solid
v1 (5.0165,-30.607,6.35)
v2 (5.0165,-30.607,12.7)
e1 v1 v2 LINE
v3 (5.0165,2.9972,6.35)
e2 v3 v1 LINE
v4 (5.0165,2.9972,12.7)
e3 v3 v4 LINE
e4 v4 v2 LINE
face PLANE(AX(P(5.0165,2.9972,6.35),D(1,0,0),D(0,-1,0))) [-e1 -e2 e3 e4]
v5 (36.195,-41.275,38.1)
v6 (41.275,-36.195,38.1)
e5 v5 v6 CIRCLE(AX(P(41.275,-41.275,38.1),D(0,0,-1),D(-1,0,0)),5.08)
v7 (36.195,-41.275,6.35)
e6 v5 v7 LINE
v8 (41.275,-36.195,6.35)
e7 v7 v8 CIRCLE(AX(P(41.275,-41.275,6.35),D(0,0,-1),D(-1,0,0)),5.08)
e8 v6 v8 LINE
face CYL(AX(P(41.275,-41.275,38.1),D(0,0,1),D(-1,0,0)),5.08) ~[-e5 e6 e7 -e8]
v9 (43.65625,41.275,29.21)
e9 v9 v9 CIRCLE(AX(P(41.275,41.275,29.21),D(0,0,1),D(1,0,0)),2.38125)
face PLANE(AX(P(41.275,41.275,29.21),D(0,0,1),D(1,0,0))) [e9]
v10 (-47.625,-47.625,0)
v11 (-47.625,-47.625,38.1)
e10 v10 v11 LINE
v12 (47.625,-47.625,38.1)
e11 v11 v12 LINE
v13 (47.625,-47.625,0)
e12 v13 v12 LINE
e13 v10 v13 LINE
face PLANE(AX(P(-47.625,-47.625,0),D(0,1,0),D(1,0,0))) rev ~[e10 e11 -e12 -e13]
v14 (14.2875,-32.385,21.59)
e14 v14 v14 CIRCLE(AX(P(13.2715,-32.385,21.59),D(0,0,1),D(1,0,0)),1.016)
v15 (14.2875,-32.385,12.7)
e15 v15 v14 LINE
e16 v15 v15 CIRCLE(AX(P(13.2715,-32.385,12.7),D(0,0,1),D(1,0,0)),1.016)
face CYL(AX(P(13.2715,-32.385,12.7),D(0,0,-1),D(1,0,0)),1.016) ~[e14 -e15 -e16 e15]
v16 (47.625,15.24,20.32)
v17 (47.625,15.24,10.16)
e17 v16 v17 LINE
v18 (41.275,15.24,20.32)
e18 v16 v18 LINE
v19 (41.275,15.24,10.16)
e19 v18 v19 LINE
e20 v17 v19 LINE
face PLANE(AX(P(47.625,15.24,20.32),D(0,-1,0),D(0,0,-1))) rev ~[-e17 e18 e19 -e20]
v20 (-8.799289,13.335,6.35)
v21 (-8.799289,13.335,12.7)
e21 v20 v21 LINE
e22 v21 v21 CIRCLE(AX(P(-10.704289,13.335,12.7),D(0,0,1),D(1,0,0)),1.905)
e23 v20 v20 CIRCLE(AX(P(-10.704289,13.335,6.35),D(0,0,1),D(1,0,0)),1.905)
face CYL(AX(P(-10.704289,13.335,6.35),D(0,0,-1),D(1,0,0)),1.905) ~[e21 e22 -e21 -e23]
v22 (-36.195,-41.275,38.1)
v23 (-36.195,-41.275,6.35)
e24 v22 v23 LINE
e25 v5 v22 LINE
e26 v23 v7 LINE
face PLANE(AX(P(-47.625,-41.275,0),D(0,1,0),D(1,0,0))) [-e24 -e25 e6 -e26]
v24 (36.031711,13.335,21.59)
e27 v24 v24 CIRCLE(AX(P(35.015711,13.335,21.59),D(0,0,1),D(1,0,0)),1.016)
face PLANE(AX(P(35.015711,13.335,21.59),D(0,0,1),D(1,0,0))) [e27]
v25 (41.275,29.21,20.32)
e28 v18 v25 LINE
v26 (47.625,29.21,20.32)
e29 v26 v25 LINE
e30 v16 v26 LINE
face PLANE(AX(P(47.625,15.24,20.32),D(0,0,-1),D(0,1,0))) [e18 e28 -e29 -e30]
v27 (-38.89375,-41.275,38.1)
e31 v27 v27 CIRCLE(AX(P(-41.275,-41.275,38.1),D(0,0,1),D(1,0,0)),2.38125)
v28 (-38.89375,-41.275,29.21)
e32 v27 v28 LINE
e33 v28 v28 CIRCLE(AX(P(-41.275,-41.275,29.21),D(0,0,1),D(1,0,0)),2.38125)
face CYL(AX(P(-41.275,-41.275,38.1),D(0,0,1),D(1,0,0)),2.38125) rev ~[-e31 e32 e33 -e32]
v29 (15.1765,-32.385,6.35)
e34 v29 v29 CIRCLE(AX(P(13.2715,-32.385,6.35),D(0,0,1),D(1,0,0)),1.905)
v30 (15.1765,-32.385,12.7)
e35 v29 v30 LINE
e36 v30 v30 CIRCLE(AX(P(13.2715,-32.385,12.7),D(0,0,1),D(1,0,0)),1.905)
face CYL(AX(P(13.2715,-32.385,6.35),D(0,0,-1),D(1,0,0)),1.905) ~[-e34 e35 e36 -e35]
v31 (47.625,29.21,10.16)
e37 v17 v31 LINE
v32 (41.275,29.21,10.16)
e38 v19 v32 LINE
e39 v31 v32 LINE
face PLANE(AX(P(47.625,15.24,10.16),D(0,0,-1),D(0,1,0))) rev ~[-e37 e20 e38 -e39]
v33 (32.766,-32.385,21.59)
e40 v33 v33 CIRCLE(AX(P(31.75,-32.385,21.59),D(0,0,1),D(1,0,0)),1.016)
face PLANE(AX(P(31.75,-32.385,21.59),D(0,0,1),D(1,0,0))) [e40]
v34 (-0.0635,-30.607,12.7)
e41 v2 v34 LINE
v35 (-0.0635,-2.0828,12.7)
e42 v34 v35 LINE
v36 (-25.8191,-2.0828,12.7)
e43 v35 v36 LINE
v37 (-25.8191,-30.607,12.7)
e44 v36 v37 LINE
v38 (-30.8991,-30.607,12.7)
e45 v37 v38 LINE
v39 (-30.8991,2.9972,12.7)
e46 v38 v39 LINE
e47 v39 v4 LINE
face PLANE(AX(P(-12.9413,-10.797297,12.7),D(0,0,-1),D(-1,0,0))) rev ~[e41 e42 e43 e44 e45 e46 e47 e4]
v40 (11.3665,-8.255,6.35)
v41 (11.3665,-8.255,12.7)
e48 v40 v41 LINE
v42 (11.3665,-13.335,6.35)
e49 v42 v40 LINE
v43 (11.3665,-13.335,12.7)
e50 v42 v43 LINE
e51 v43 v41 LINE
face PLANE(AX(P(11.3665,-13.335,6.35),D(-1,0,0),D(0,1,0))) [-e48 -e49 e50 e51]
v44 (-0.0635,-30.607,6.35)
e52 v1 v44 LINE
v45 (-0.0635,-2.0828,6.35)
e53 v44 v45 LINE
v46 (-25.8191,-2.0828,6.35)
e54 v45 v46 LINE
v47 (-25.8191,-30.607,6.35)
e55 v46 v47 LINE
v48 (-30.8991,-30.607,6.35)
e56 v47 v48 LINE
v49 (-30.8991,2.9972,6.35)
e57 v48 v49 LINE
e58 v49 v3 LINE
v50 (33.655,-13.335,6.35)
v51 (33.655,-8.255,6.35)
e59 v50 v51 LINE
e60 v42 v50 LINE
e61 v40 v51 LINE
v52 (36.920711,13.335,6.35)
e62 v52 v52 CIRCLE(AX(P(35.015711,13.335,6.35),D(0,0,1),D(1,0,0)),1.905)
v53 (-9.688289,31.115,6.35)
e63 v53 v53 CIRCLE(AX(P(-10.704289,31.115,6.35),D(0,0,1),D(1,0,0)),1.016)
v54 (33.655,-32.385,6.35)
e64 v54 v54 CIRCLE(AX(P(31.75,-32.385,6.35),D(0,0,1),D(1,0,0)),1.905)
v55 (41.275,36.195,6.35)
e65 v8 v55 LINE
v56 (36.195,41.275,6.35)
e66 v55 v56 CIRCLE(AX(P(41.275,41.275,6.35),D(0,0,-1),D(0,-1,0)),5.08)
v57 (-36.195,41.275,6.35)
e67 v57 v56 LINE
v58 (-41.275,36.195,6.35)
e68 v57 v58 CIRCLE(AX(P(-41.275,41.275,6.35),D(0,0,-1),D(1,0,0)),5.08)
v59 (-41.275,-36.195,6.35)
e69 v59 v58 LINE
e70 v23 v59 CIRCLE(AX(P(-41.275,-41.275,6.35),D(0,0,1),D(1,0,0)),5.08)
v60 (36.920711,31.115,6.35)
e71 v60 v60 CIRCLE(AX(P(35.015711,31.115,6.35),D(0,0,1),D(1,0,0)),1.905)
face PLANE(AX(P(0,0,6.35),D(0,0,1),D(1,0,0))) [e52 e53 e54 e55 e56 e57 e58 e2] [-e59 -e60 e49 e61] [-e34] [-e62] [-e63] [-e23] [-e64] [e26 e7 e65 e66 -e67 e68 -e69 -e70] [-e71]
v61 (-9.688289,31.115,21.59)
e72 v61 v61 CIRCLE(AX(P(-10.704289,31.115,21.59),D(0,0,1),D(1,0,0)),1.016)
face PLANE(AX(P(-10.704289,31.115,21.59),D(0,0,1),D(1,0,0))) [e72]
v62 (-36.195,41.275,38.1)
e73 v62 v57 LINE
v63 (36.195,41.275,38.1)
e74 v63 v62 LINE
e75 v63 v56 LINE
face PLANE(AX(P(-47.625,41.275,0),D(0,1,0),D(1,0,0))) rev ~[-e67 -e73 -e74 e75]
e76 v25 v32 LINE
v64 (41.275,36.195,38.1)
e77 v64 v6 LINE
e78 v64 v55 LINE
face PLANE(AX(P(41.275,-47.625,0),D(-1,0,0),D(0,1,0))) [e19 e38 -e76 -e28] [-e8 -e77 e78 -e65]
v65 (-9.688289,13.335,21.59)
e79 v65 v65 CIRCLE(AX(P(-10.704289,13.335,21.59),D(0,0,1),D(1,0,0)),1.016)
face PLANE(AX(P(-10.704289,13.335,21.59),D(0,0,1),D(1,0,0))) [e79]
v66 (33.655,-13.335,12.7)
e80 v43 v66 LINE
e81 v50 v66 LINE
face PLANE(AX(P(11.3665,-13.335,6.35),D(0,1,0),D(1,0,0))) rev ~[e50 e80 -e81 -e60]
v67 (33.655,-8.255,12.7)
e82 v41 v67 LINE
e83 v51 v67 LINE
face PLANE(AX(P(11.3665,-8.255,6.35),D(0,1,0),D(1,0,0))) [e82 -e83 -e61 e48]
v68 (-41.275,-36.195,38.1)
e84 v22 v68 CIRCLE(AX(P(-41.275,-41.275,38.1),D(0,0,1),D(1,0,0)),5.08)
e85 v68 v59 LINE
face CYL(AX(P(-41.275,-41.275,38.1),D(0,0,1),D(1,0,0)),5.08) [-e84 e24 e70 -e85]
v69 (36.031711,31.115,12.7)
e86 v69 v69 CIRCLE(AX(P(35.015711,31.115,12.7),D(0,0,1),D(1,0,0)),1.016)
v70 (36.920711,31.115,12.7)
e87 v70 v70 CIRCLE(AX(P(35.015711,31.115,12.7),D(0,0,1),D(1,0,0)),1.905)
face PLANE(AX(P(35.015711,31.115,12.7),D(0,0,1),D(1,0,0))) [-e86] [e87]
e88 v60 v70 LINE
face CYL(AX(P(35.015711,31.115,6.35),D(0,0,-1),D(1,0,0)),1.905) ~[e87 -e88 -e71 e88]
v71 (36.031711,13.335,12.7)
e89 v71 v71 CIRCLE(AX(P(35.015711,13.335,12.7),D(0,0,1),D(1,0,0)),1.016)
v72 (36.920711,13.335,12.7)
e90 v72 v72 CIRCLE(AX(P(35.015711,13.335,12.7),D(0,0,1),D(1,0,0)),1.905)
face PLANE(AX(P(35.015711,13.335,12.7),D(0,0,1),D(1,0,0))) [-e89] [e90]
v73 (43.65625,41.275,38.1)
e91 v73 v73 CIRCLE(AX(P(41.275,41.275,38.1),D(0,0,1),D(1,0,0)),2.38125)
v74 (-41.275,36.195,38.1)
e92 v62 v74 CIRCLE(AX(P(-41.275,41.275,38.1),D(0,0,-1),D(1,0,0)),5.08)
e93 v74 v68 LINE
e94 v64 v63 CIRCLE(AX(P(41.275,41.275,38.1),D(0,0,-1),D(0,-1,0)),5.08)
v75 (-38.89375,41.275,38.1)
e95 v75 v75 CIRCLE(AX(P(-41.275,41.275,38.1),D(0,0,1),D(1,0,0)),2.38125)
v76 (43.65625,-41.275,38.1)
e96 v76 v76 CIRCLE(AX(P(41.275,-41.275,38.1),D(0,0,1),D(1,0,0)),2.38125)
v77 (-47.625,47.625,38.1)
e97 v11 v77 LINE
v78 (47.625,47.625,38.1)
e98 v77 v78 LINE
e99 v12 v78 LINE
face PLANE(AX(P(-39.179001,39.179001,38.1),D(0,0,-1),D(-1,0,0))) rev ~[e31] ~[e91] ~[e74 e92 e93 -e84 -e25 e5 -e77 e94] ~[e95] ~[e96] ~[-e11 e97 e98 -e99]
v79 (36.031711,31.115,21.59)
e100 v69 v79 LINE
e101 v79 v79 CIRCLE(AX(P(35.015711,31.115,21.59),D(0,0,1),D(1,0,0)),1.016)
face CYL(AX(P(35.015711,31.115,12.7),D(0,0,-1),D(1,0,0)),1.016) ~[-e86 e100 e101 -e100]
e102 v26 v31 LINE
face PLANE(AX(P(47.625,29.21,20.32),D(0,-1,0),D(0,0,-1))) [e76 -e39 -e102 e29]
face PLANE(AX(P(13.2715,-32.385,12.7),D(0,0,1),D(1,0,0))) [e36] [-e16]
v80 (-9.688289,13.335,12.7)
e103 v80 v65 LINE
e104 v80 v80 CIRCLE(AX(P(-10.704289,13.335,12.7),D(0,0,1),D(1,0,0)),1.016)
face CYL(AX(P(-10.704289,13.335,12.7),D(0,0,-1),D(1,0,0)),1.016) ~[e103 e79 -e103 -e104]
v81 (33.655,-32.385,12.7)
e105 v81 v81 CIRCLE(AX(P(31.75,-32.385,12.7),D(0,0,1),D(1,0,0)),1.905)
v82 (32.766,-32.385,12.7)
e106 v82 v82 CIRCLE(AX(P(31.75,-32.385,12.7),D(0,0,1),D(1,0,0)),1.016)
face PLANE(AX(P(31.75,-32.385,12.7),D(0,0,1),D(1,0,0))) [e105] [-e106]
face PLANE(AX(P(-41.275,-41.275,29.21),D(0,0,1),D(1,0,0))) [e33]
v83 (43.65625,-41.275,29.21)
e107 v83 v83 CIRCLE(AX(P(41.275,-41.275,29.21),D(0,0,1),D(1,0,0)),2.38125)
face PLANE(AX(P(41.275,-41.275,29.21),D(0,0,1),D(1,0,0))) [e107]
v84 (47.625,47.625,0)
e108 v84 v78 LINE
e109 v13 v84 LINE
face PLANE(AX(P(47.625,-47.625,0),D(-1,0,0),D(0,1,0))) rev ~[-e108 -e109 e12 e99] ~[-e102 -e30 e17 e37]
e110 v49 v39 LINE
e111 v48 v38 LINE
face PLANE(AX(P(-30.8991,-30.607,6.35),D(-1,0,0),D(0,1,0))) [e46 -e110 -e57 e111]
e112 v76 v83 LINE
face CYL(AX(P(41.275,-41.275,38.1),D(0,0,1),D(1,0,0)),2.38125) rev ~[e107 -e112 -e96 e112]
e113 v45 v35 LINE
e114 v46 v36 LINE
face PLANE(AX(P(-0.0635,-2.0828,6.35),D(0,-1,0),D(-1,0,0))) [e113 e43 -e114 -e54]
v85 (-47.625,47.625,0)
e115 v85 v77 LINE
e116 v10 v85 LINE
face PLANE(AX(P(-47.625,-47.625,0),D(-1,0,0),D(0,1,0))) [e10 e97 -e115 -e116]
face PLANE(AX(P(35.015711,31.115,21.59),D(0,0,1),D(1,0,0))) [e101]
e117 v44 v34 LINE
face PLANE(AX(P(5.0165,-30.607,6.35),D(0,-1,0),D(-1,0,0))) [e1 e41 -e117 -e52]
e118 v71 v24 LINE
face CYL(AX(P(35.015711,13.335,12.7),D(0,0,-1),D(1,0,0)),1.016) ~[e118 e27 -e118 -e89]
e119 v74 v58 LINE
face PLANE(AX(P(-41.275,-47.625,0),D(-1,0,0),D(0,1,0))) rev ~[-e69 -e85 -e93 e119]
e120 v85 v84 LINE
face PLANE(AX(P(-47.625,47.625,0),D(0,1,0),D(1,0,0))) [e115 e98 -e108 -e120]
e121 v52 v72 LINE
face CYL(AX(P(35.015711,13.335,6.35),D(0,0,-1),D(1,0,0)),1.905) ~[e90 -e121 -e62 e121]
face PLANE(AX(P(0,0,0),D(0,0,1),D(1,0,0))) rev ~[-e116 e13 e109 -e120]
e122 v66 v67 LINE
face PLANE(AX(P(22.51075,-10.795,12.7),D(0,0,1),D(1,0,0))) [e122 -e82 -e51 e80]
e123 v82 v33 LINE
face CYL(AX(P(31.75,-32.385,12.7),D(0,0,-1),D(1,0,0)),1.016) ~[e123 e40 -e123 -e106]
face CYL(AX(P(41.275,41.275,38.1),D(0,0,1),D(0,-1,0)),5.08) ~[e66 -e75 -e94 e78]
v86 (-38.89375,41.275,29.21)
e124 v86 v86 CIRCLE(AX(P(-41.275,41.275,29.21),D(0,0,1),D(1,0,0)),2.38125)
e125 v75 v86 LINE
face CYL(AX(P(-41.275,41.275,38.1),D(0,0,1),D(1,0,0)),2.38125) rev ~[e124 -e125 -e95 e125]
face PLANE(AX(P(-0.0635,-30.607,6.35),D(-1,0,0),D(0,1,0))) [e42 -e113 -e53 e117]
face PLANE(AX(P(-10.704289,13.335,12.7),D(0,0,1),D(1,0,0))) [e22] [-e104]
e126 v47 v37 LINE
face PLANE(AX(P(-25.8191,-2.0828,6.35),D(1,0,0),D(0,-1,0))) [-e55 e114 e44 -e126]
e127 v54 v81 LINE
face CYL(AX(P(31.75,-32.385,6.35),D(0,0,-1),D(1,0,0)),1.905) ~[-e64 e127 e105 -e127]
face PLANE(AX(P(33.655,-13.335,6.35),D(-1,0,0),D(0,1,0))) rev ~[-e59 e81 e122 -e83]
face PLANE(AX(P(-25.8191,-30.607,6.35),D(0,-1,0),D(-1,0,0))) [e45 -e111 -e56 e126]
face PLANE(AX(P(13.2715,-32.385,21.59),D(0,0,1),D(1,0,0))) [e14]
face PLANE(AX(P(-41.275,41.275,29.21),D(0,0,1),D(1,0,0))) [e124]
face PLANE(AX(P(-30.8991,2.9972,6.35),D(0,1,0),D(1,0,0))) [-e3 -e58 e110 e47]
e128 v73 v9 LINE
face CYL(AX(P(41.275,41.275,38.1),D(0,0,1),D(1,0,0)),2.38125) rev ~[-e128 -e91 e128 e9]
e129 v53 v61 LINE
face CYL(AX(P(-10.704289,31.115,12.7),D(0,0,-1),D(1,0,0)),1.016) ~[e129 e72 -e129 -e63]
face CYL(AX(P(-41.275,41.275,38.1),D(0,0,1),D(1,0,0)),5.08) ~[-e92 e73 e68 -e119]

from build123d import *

# Parameters (mm, degrees)
SKETCH1_W           = 95.25
SKETCH1_H           = 95.25
BOSS_EXTRUDE1_DEPTH = 38.1
SHELL1_T            = -6.35
BOSS_EXTRUDE2_DEPTH = 31.75
SKETCH3_R           = 1.905
SKETCH3_R_2         = 1.016
BOSS_EXTRUDE3_DEPTH = 6.35
SKETCH4_R           = 1.016
BOSS_EXTRUDE4_DEPTH = 8.89
SKETCH5_R           = 1.905
SKETCH5_W           = 22.2885
SKETCH5_H           = 5.08
BOSS_EXTRUDE5_DEPTH = 6.35
SKETCH7_R           = 1.016
BOSS_EXTRUDE6_DEPTH = 8.89
SKETCH8_R           = 2.38125
CUT_EXTRUDE1_DEPTH  = 8.89
BOSS_EXTRUDE7_DEPTH = 6.35
SKETCH12_W          = 10.16
SKETCH12_H          = 13.97
CUT_EXTRUDE2_DEPTH  = 6.35


with BuildPart() as part:
    # Sketch1 → Boss-Extrude1 (new body)
    with BuildSketch(Plane.XY):
        Rectangle(SKETCH1_W, SKETCH1_H)
    extrude(amount=BOSS_EXTRUDE1_DEPTH)

    # Shell1
    shell1_openings = [part.faces().sort_by_distance(p)[0] for p in [
        (0, 0, 38.1),
    ]]
    offset(amount=SHELL1_T, openings=shell1_openings, kind=Kind.INTERSECTION)

    # Sketch2 → Boss-Extrude2 (add)
    with BuildSketch(Plane.XY.offset(38.1)):
        with BuildLine():
            Line((-41.275, 41.275), (-36.195, 41.275))
            ThreePointArc((-36.195, 41.275), (-37.682897552, 37.682897552), (-41.275, 36.195))
            Line((-41.275, 36.195), (-41.275, 41.275))
        make_face()
        with BuildLine():
            Line((36.195, 41.275), (41.275, 41.275))
            Line((41.275, 41.275), (41.275, 36.195))
            ThreePointArc((41.275, 36.195), (37.682897552, 37.682897552), (36.195, 41.275))
        make_face()
        with BuildLine():
            Line((41.275, -36.195), (41.275, -41.275))
            Line((41.275, -41.275), (36.195, -41.275))
            ThreePointArc((36.195, -41.275), (37.682897552, -37.682897552), (41.275, -36.195))
        make_face()
        with BuildLine():
            Line((-41.275, -36.195), (-41.275, -41.275))
            Line((-41.275, -41.275), (-36.195, -41.275))
            ThreePointArc((-36.195, -41.275), (-37.682897552, -37.682897552), (-41.275, -36.195))
        make_face()
    extrude(amount=-BOSS_EXTRUDE2_DEPTH)

    # Sketch3 → Boss-Extrude3 (add)
    with BuildSketch(Plane.XY.offset(6.35)):
        with Locations((35.015710728, 31.115)):
            Circle(SKETCH3_R)
        with Locations((-10.704289272, 31.115)):
            Circle(SKETCH3_R_2)
        with Locations((-10.704289272, 13.335)):
            Circle(SKETCH3_R)
        with Locations((35.015710728, 13.335)):
            Circle(SKETCH3_R)
    extrude(amount=BOSS_EXTRUDE3_DEPTH)

    # Sketch4 → Boss-Extrude4 (add)
    with BuildSketch(Plane.XY.offset(12.7)):
        with Locations((-10.704289272, 31.115)):
            Circle(SKETCH4_R)
        with Locations((-10.704289272, 13.335)):
            Circle(SKETCH4_R)
        with Locations((35.015710728, 31.115)):
            Circle(SKETCH4_R)
        with Locations((35.015710728, 13.335)):
            Circle(SKETCH4_R)
    extrude(amount=BOSS_EXTRUDE4_DEPTH)

    # Sketch5 → Boss-Extrude5 (add)
    with BuildSketch(Plane.XY.offset(6.35)):
        with Locations((13.2715, -32.385)):
            Circle(SKETCH5_R)
        with Locations((31.75, -32.385)):
            Circle(SKETCH5_R)
        with Locations((22.51075, -10.795)):
            Rectangle(SKETCH5_W, SKETCH5_H)
    extrude(amount=BOSS_EXTRUDE5_DEPTH)

    # Sketch7 → Boss-Extrude6 (add)
    with BuildSketch(Plane.XY.offset(12.7)):
        with Locations((13.2715, -32.385)):
            Circle(SKETCH7_R)
        with Locations((31.75, -32.385)):
            Circle(SKETCH7_R)
    extrude(amount=BOSS_EXTRUDE6_DEPTH)

    # Sketch8 → Cut-Extrude1 (cut)
    with BuildSketch(Plane.XY.offset(38.1)):
        with Locations((-41.275, 41.275)):
            Circle(SKETCH8_R)
        with Locations((41.275, 41.275)):
            Circle(SKETCH8_R)
        with Locations((41.275, -41.275)):
            Circle(SKETCH8_R)
        with Locations((-41.275, -41.275)):
            Circle(SKETCH8_R)
    extrude(amount=-CUT_EXTRUDE1_DEPTH, mode=Mode.SUBTRACT)

    # Sketch10 → Boss-Extrude7 (add)
    with BuildSketch(Plane.XY.offset(6.35)):
        Polygon((-30.8991, -30.607), (-30.8991, 2.9972), (5.0165, 2.9972), (5.0165, -30.607), (-0.0635, -30.607), (-0.0635, -2.0828), (-25.8191, -2.0828), (-25.8191, -30.607), align=None)
    extrude(amount=BOSS_EXTRUDE7_DEPTH)

    # Sketch12 → Cut-Extrude2 (cut)
    with BuildSketch(Plane(origin=(47.625, 0, 0), x_dir=(0, 0, -1), z_dir=(1, 0, 0))):
        with Locations((-15.24, 22.225)):
            Rectangle(SKETCH12_W, SKETCH12_H)
    extrude(amount=-CUT_EXTRUDE2_DEPTH, mode=Mode.SUBTRACT)


solid = part.part
